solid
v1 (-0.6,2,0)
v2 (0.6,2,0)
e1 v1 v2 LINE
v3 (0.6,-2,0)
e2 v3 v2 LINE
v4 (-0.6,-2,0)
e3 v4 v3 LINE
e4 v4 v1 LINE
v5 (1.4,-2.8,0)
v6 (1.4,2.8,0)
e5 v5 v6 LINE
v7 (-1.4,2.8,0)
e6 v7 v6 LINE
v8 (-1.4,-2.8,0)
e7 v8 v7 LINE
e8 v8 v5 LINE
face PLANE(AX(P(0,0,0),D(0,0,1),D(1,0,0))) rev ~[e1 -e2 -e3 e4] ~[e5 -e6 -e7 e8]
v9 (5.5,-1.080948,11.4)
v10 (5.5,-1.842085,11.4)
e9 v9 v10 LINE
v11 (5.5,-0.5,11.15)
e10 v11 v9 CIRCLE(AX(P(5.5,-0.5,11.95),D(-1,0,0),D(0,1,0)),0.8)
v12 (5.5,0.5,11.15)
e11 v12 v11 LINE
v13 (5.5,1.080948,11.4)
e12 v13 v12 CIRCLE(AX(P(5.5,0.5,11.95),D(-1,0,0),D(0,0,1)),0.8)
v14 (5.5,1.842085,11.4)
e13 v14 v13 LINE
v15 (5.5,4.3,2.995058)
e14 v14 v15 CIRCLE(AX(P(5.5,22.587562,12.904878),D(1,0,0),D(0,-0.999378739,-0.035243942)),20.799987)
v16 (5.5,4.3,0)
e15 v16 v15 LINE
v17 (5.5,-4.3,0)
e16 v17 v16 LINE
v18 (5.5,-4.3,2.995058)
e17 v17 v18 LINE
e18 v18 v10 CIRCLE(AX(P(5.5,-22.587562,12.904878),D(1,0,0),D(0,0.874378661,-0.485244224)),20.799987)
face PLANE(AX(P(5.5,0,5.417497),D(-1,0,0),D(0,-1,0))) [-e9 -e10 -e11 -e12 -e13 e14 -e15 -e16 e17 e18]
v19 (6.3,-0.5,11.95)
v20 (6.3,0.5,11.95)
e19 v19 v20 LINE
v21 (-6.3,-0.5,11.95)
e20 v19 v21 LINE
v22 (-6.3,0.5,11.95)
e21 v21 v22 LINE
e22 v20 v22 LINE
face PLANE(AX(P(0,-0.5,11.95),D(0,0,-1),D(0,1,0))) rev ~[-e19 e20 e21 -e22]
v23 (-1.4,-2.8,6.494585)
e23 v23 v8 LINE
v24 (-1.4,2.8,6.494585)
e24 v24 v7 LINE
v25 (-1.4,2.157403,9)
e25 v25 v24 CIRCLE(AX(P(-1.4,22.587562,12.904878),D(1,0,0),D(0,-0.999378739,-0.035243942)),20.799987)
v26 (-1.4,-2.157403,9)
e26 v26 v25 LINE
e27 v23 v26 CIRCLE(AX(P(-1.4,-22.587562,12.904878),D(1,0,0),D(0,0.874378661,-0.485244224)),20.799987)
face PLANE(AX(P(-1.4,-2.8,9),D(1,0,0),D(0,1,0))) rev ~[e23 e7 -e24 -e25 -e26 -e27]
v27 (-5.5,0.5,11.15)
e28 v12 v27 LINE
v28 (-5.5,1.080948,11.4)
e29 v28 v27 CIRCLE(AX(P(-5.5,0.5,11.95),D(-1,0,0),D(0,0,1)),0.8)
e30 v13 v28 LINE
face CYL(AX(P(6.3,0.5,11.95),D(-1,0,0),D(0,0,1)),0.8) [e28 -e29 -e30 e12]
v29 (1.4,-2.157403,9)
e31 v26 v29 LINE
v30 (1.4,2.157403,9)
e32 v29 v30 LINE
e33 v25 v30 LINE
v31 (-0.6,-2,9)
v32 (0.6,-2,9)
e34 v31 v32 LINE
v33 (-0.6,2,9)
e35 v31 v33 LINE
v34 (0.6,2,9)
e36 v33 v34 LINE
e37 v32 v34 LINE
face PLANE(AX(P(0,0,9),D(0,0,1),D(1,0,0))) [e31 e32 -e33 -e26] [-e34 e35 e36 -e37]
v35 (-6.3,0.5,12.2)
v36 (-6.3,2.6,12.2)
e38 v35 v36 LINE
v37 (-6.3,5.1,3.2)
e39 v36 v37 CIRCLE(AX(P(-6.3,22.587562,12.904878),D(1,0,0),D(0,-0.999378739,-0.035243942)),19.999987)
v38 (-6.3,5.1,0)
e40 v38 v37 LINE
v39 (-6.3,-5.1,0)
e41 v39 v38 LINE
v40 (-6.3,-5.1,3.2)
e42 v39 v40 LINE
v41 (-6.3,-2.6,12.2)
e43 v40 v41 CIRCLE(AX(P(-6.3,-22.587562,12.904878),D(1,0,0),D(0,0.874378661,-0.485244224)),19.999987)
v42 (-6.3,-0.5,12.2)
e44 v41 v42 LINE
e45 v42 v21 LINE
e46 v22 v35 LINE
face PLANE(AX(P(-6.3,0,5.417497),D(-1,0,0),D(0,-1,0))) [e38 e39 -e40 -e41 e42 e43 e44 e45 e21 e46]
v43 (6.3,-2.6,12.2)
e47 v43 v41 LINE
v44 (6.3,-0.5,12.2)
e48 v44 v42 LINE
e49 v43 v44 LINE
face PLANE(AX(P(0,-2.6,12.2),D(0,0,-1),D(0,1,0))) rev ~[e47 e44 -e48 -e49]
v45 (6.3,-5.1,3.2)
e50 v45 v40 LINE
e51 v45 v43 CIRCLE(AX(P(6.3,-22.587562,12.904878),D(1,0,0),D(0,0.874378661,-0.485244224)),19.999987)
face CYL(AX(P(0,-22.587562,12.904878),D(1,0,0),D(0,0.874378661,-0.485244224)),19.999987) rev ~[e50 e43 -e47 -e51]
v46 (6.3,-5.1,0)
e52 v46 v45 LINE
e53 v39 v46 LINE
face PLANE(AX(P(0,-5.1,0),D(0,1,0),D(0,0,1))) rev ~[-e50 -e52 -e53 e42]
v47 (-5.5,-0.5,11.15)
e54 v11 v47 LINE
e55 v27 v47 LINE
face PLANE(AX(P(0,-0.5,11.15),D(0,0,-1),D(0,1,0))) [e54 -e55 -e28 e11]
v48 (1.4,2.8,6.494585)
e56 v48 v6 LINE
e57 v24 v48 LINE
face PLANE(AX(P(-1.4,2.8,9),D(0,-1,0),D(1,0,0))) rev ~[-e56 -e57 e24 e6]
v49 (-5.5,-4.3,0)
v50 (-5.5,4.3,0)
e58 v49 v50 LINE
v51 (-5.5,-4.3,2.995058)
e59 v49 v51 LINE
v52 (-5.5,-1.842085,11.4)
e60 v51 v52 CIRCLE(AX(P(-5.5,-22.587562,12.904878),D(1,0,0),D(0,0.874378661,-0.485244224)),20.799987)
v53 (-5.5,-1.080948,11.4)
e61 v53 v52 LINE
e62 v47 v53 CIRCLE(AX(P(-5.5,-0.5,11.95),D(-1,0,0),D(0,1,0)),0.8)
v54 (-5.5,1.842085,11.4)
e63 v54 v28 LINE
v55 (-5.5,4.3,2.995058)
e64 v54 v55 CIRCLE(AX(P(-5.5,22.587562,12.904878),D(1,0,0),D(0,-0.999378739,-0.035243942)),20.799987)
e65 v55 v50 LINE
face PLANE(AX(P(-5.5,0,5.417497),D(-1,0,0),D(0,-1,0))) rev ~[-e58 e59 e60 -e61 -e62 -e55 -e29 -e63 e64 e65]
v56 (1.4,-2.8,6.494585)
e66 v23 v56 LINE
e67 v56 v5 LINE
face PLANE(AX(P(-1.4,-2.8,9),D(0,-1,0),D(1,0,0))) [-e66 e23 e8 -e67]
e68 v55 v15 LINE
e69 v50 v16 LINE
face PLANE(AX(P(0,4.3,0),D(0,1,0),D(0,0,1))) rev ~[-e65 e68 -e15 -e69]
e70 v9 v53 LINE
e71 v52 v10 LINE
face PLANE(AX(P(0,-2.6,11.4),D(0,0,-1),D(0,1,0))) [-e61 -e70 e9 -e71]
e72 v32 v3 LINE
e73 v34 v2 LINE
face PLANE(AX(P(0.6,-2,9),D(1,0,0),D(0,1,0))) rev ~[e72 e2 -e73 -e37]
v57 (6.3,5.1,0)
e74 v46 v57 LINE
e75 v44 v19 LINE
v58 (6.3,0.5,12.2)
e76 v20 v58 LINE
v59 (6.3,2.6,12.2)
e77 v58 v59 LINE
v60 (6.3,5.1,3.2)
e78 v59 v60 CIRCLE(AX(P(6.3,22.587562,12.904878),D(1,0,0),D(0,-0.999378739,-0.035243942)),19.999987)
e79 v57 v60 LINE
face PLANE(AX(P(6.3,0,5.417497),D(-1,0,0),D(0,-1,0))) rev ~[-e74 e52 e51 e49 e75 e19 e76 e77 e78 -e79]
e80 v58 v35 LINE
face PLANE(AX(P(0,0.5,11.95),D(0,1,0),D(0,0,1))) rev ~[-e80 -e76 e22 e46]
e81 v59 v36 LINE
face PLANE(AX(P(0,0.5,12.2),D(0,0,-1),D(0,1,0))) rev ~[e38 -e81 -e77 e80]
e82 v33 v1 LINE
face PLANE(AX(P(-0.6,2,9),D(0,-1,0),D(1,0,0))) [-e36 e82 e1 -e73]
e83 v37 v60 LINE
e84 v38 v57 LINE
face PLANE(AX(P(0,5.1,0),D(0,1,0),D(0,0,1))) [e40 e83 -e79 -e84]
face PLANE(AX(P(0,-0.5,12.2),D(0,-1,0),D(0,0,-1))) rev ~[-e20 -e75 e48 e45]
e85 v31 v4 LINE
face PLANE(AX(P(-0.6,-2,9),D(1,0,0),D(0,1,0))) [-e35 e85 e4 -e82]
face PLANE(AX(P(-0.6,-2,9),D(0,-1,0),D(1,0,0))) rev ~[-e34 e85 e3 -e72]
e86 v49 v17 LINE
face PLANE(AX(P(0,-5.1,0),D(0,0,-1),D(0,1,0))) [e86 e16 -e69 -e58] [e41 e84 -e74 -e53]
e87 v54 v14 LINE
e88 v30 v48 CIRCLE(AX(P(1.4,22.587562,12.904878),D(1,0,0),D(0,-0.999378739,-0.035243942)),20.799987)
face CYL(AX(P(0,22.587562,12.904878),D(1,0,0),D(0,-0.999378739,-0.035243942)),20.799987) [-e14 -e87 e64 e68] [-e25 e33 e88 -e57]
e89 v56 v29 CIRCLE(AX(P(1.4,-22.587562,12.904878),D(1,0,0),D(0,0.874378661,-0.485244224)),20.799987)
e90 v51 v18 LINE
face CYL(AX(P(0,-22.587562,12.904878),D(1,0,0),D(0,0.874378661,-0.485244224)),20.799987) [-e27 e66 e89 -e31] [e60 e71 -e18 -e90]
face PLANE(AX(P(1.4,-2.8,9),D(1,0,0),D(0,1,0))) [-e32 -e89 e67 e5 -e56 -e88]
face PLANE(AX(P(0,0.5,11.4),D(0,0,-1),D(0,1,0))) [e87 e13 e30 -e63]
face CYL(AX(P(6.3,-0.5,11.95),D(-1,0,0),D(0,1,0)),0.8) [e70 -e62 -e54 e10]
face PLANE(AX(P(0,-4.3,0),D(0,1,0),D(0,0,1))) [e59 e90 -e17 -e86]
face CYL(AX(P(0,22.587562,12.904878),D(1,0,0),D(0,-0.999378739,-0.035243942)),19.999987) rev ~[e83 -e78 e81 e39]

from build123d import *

# Parameters (mm, degrees)
PAD_DEPTH     = 6.3
THICKNESS_T   = -0.8
SKETCH001_W   = 2.8
SKETCH001_H   = 5.6
SKETCH001_W_2 = 1.2
SKETCH001_H_2 = 4
PAD001_DEPTH  = 9


with BuildPart() as part:
    # Sketch → Pad (new body, symmetric)
    with BuildSketch(Plane.YZ):
        with BuildLine():
            Line((-5.1, 0), (-5.1, 3.2))
            ThreePointArc((-5.1, 3.2), (-3.317216, 7.552005), (-2.6, 12.2))
            Line((-2.6, 12.2), (-0.5, 12.2))
            Line((-0.5, 12.2), (-0.5, 11.95))
            Line((-0.5, 11.95), (0.5, 11.95))
            Line((0.5, 11.95), (0.5, 12.2))
            Line((0.5, 12.2), (2.6, 12.2))
            ThreePointArc((2.6, 12.2), (3.317216, 7.552005), (5.1, 3.2))
            Line((5.1, 0), (5.1, 3.2))
            Line((-5.1, 0), (5.1, 0))
        make_face()
    extrude(amount=PAD_DEPTH, both=True)

    # Thickness
    thickness_openings = [part.faces().sort_by_distance(p)[0] for p in [
        (0, 0, 0),
    ]]
    offset(amount=THICKNESS_T, openings=thickness_openings)

    # Sketch001 → Pad001 (join)
    with BuildSketch(Plane.XY.offset(9)):
        Rectangle(SKETCH001_W, SKETCH001_H)
        Rectangle(SKETCH001_W_2, SKETCH001_H_2, mode=Mode.SUBTRACT)
    extrude(amount=-PAD001_DEPTH)


solid = part.part
